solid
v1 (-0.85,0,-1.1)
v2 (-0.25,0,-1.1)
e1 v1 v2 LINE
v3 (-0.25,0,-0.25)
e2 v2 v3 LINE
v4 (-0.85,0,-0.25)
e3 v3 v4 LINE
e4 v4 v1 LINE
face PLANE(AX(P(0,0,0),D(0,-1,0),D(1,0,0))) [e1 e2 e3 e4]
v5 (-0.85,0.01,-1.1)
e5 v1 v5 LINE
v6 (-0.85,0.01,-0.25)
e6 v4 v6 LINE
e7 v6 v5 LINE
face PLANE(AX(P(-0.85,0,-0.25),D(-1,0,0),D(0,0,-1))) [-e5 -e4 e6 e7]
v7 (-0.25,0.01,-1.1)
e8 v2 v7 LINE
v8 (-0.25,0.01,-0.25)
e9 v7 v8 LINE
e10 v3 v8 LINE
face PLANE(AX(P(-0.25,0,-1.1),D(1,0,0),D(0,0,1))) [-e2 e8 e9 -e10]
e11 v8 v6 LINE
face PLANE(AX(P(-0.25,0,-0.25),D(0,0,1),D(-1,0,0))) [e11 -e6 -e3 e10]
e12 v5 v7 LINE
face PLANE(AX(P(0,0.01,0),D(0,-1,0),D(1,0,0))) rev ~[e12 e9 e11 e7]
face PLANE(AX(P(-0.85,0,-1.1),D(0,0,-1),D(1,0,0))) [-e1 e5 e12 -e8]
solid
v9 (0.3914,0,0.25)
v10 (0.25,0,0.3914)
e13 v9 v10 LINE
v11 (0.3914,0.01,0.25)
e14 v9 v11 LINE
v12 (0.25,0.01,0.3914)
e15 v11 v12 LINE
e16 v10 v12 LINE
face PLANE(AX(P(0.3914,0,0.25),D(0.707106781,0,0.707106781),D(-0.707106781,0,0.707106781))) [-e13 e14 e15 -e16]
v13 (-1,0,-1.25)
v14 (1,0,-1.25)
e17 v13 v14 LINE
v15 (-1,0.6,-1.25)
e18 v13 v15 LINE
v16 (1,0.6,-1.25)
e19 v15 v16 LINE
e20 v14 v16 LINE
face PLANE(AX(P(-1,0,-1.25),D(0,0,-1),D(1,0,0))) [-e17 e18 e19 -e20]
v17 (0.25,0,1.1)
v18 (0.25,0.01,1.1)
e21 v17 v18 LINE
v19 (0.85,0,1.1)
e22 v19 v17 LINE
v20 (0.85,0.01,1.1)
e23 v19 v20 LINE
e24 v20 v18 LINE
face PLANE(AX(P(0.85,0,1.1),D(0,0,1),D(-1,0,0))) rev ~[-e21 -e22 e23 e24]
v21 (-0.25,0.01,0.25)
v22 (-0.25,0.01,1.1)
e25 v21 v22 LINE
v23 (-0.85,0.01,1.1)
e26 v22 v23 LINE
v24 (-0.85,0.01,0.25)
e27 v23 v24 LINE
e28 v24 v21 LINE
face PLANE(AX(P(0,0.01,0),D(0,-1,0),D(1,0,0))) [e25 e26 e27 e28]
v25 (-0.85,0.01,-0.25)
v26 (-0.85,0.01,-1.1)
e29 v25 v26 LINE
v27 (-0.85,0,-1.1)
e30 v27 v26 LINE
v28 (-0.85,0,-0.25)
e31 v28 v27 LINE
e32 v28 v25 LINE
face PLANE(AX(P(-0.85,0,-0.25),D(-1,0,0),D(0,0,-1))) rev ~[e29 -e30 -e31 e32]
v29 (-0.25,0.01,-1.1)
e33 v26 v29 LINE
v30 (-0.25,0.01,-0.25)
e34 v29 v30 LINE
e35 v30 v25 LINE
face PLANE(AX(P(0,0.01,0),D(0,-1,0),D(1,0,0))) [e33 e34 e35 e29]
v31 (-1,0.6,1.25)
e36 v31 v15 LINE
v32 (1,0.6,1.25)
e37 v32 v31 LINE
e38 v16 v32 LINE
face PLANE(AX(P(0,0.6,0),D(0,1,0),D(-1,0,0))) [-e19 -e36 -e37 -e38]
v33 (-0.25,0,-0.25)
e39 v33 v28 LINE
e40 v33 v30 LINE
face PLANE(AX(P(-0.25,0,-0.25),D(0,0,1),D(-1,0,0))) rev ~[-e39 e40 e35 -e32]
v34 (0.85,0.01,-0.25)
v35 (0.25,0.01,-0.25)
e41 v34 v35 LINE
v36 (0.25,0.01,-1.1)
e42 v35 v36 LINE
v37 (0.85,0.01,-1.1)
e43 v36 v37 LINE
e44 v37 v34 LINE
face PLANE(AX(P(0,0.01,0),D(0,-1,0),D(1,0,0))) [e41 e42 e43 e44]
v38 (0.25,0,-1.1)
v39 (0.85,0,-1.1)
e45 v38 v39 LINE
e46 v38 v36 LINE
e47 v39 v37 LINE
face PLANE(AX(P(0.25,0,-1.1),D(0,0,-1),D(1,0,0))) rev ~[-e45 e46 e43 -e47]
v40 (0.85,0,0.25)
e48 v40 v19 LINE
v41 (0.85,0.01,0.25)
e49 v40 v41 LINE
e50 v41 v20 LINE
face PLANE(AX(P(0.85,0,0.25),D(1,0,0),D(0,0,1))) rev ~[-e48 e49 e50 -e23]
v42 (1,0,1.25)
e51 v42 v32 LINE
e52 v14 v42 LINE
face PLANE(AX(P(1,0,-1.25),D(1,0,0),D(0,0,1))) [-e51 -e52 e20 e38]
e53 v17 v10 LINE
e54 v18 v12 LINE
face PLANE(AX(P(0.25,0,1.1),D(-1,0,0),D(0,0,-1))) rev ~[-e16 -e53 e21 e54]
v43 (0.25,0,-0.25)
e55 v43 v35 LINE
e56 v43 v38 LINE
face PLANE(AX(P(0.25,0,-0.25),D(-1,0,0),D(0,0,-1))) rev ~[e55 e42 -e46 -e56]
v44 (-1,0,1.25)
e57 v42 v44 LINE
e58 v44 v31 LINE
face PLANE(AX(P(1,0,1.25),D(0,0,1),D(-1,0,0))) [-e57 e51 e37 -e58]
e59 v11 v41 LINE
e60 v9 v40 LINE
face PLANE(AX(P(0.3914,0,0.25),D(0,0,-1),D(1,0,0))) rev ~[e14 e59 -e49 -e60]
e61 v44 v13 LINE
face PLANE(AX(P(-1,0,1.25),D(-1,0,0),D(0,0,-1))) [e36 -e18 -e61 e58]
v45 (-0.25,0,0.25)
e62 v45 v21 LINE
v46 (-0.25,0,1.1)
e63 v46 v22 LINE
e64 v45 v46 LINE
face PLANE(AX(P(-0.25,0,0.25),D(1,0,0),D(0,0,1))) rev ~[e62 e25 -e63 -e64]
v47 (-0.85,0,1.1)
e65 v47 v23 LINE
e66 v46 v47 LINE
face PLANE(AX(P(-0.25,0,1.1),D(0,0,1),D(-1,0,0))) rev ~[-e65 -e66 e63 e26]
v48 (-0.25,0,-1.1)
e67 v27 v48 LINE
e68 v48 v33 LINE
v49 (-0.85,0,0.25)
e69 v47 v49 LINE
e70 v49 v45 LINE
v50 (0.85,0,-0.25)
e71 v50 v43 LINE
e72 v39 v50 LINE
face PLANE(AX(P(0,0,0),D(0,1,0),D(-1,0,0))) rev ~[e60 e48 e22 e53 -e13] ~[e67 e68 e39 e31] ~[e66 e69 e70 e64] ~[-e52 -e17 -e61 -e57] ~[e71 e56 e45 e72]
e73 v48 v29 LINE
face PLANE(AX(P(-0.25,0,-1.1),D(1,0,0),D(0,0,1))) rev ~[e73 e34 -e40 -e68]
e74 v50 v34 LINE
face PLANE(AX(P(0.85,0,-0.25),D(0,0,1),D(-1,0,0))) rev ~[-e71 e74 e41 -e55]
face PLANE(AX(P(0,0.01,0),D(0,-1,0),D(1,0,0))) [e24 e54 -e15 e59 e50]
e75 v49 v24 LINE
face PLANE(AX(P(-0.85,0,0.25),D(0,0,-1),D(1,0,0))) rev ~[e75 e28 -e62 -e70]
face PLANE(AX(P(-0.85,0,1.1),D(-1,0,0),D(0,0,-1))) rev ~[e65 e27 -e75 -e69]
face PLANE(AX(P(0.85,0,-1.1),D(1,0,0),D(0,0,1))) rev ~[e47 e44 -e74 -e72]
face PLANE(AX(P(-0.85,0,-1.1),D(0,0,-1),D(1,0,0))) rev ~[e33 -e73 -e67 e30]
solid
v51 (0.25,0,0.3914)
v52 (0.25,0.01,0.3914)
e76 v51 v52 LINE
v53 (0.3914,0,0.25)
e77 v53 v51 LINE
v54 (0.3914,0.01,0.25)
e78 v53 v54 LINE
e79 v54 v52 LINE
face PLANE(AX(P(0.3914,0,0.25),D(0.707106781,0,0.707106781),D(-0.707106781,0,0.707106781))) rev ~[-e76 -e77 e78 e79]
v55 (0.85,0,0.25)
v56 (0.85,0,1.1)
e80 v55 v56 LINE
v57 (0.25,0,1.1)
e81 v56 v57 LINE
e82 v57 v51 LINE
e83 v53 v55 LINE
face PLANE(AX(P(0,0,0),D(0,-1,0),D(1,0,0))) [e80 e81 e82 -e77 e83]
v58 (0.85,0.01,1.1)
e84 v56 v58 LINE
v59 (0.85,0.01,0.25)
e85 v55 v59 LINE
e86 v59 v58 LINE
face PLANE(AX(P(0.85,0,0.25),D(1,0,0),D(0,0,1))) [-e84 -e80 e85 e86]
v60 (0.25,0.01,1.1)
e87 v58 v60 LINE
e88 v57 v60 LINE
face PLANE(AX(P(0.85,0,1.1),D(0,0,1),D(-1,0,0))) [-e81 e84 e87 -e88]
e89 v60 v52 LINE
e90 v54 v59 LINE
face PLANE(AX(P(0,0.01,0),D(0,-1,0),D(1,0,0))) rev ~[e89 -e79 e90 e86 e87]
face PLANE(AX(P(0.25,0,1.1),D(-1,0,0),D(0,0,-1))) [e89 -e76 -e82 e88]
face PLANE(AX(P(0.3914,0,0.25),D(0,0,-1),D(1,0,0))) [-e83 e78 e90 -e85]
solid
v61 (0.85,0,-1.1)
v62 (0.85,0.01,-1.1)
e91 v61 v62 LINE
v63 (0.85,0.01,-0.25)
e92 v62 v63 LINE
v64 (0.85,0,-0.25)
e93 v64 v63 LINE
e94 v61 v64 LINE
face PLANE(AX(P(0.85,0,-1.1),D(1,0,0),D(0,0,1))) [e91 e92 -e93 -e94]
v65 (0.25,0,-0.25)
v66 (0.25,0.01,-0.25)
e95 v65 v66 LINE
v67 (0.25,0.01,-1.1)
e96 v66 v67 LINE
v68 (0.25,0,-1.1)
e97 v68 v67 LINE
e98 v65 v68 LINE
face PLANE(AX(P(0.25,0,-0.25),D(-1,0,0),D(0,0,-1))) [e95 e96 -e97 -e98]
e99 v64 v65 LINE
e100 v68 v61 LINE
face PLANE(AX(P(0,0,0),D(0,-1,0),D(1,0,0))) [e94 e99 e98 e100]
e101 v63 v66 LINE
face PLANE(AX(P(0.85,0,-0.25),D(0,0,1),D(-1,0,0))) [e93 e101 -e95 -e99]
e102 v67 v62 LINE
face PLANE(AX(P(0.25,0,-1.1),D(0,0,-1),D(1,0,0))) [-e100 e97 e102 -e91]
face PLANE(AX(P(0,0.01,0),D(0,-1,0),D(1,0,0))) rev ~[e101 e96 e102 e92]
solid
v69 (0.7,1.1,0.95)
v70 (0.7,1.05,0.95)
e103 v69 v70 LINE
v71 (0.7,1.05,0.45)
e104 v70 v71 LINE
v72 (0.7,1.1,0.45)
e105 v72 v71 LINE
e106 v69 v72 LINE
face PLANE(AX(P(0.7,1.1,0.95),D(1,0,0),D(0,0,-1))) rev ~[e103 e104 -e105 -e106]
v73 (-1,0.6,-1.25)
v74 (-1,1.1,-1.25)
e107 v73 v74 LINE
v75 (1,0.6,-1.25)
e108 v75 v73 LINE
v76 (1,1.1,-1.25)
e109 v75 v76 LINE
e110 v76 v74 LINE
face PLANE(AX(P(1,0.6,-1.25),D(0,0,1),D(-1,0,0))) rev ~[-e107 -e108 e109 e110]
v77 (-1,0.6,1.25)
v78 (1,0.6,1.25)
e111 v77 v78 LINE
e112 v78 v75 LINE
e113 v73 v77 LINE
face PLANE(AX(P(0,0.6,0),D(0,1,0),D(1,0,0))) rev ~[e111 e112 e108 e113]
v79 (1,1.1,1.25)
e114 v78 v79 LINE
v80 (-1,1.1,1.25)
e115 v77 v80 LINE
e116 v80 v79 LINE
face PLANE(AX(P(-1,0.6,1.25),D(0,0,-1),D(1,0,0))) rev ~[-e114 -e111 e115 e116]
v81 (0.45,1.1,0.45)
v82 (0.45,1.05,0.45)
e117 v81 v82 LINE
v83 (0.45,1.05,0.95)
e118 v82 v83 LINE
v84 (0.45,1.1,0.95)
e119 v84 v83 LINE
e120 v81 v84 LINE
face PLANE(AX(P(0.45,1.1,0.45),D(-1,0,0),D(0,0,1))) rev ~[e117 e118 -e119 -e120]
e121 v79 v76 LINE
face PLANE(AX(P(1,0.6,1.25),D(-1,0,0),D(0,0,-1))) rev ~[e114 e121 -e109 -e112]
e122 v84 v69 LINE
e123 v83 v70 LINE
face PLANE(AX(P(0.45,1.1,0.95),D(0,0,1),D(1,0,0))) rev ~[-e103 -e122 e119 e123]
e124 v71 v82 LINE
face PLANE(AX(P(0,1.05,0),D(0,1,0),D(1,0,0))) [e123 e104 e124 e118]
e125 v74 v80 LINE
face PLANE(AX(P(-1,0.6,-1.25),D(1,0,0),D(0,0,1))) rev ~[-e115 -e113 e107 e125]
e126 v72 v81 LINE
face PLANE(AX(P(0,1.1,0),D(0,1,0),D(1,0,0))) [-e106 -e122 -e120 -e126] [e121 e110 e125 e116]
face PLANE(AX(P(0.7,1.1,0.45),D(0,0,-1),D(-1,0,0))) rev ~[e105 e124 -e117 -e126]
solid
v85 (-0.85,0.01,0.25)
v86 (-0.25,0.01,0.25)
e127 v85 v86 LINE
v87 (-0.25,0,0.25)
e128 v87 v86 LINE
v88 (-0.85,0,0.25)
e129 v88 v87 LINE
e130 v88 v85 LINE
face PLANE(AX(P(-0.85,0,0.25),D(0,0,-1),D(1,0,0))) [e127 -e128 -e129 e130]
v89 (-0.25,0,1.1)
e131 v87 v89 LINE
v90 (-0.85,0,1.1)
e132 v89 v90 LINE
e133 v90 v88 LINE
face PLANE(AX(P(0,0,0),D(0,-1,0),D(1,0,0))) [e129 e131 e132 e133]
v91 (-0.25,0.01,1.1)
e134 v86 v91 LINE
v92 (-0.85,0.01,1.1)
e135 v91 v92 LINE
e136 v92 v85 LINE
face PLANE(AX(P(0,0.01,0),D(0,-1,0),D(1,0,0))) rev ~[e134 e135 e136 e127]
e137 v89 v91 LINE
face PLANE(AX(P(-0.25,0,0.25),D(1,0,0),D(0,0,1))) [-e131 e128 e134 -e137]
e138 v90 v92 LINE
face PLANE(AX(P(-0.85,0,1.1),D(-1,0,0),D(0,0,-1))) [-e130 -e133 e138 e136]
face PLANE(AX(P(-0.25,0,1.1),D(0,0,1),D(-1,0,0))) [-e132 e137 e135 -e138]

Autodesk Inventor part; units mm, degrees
ref_plane "YZ Plane" through (0, 0, 0) normal (1, 0, 0) x (0, 1, 0)
ref_plane "XZ Plane" through (0, 0, 0) normal (0, 1, 0) x (-1, 0, 0)
ref_plane "XY Plane" through (0, 0, 0) normal (0, 0, 1) x (1, 0, 0)
sketch "Sketch1" plane through (0, 0, 0) normal (0, 1, 0) x (-1, 0, 0)
  line L0 (-1, 1.25) -> (1, 1.25)
  line L1 (1, 1.25) -> (1, -1.25)
  line L2 (1, -1.25) -> (-1, -1.25)
  line L3 (-1, -1.25) -> (-1, 1.25)
  line L4 (-1, 1.25) -> (1, -1.25) construction
  line L5 (1, 1.25) -> (-1, -1.25) construction
  point P0 (0, 0)
  dimension "d0" = 2
  dimension "d1" = 2.5
extrude "Extrusion1" add sketch "Sketch1" along normal blind 0.6
sketch "Sketch2" plane through (0, 0.6, 0) normal (0, 1, 0) x (1, 0, 0)
  line L0 (-1, 1.25) -> (-1, -1.25) projected
  line L1 (-1, -1.25) -> (1, -1.25) projected
  line L2 (1, -1.25) -> (1, 1.25) projected
  line L3 (1, 1.25) -> (-1, 1.25) projected
  point P0 (0, 0)
extrude "Extrusion2" add sketch "Sketch2" along normal blind 0.5 separate body
sketch "Sketch3" plane through (0, 0, 0) normal (0, -1, 0) x (1, 0, 0)
  line L0 (0.85, 1.1) -> (0.25, 1.1)
  line L1 (0.25, 1.1) -> (0.25, 0.3914)
  line L2 (0.3914, 0.25) -> (0.85, 0.25)
  line L3 (0.85, 0.25) -> (0.85, 1.1)
  line L4 (-0.25, 1.1) -> (-0.85, 1.1)
  line L5 (-0.85, 1.1) -> (-0.85, 0.25)
  line L6 (-0.85, 0.25) -> (-0.25, 0.25)
  line L7 (-0.25, 0.25) -> (-0.25, 1.1)
  line L8 (-0.25, -0.25) -> (-0.85, -0.25)
  line L9 (-0.85, -0.25) -> (-0.85, -1.1)
  line L10 (-0.85, -1.1) -> (-0.25, -1.1)
  line L11 (-0.25, -1.1) -> (-0.25, -0.25)
  line L12 (0.85, -0.25) -> (0.25, -0.25)
  line L13 (0.25, -0.25) -> (0.25, -1.1)
  line L14 (0.25, -1.1) -> (0.85, -1.1)
  line L15 (0.85, -1.1) -> (0.85, -0.25)
  line L16 (0.3914, 0.25) -> (0.25, 0.3914)
  line L17 (1, 1.25) -> (-1, 1.25) projected
  line L18 (-1, 1.25) -> (-1, -1.25) projected
  line L19 (-1, -1.25) -> (1, -1.25) projected
  line L20 (1, -1.25) -> (1, 1.25) projected
  point P0 (0, 0)
  dimension "d6" = 0.15
  dimension "d7" = 0.15
  dimension "d8" = 0.15
  dimension "d9" = 0.15
  dimension "d10" = 0.15
  dimension "d11" = 0.15
  dimension "d12" = 0.15
  dimension "d13" = 0.85
  dimension "d14" = 0.85
  dimension "d15" = 0.85
  dimension "d16" = 0.85
  dimension "d17" = 0.6
  dimension "d18" = 0.6
  dimension "d19" = 0.2
  dimension "d20" = 135
extrude "Extrusion3" cut sketch "Sketch3" against normal blind 0.01 contours L3 L2 L16 L1 L0 | L7 L6 L5 L4 | L11 L10 L9 L8 | L15 L14 L13 L12 bodies 1
extrude "Extrusion4" add sketch "Sketch3" against normal blind 0.01 separate body contours L3 L2 L16 L1 L0 | L7 L6 L5 L4 | L11 L10 L9 L8 | L15 L14 L13 L12
sketch "Sketch4" plane through (0, 1.1, 0) normal (0, 1, 0) x (1, 0, 0)
  line L0 (0.45, -0.95) -> (0.7, -0.95)
  line L1 (0.7, -0.95) -> (0.7, -0.45)
  line L2 (0.7, -0.45) -> (0.45, -0.45)
  line L3 (0.45, -0.45) -> (0.45, -0.95)
  line L4 (1, -1.25) -> (1, 1.25) projected
  line L5 (-1, -1.25) -> (1, -1.25) projected
  point P0 (0, 0)
  dimension "d25" = 0.3
  dimension "d26" = 0.3
  dimension "d27" = 0.5
  dimension "d28" = 0.25
extrude "Extrusion5" cut sketch "Sketch4" against normal blind 0.05 bodies 2
properties part number "LXDC2HN18A-097"
